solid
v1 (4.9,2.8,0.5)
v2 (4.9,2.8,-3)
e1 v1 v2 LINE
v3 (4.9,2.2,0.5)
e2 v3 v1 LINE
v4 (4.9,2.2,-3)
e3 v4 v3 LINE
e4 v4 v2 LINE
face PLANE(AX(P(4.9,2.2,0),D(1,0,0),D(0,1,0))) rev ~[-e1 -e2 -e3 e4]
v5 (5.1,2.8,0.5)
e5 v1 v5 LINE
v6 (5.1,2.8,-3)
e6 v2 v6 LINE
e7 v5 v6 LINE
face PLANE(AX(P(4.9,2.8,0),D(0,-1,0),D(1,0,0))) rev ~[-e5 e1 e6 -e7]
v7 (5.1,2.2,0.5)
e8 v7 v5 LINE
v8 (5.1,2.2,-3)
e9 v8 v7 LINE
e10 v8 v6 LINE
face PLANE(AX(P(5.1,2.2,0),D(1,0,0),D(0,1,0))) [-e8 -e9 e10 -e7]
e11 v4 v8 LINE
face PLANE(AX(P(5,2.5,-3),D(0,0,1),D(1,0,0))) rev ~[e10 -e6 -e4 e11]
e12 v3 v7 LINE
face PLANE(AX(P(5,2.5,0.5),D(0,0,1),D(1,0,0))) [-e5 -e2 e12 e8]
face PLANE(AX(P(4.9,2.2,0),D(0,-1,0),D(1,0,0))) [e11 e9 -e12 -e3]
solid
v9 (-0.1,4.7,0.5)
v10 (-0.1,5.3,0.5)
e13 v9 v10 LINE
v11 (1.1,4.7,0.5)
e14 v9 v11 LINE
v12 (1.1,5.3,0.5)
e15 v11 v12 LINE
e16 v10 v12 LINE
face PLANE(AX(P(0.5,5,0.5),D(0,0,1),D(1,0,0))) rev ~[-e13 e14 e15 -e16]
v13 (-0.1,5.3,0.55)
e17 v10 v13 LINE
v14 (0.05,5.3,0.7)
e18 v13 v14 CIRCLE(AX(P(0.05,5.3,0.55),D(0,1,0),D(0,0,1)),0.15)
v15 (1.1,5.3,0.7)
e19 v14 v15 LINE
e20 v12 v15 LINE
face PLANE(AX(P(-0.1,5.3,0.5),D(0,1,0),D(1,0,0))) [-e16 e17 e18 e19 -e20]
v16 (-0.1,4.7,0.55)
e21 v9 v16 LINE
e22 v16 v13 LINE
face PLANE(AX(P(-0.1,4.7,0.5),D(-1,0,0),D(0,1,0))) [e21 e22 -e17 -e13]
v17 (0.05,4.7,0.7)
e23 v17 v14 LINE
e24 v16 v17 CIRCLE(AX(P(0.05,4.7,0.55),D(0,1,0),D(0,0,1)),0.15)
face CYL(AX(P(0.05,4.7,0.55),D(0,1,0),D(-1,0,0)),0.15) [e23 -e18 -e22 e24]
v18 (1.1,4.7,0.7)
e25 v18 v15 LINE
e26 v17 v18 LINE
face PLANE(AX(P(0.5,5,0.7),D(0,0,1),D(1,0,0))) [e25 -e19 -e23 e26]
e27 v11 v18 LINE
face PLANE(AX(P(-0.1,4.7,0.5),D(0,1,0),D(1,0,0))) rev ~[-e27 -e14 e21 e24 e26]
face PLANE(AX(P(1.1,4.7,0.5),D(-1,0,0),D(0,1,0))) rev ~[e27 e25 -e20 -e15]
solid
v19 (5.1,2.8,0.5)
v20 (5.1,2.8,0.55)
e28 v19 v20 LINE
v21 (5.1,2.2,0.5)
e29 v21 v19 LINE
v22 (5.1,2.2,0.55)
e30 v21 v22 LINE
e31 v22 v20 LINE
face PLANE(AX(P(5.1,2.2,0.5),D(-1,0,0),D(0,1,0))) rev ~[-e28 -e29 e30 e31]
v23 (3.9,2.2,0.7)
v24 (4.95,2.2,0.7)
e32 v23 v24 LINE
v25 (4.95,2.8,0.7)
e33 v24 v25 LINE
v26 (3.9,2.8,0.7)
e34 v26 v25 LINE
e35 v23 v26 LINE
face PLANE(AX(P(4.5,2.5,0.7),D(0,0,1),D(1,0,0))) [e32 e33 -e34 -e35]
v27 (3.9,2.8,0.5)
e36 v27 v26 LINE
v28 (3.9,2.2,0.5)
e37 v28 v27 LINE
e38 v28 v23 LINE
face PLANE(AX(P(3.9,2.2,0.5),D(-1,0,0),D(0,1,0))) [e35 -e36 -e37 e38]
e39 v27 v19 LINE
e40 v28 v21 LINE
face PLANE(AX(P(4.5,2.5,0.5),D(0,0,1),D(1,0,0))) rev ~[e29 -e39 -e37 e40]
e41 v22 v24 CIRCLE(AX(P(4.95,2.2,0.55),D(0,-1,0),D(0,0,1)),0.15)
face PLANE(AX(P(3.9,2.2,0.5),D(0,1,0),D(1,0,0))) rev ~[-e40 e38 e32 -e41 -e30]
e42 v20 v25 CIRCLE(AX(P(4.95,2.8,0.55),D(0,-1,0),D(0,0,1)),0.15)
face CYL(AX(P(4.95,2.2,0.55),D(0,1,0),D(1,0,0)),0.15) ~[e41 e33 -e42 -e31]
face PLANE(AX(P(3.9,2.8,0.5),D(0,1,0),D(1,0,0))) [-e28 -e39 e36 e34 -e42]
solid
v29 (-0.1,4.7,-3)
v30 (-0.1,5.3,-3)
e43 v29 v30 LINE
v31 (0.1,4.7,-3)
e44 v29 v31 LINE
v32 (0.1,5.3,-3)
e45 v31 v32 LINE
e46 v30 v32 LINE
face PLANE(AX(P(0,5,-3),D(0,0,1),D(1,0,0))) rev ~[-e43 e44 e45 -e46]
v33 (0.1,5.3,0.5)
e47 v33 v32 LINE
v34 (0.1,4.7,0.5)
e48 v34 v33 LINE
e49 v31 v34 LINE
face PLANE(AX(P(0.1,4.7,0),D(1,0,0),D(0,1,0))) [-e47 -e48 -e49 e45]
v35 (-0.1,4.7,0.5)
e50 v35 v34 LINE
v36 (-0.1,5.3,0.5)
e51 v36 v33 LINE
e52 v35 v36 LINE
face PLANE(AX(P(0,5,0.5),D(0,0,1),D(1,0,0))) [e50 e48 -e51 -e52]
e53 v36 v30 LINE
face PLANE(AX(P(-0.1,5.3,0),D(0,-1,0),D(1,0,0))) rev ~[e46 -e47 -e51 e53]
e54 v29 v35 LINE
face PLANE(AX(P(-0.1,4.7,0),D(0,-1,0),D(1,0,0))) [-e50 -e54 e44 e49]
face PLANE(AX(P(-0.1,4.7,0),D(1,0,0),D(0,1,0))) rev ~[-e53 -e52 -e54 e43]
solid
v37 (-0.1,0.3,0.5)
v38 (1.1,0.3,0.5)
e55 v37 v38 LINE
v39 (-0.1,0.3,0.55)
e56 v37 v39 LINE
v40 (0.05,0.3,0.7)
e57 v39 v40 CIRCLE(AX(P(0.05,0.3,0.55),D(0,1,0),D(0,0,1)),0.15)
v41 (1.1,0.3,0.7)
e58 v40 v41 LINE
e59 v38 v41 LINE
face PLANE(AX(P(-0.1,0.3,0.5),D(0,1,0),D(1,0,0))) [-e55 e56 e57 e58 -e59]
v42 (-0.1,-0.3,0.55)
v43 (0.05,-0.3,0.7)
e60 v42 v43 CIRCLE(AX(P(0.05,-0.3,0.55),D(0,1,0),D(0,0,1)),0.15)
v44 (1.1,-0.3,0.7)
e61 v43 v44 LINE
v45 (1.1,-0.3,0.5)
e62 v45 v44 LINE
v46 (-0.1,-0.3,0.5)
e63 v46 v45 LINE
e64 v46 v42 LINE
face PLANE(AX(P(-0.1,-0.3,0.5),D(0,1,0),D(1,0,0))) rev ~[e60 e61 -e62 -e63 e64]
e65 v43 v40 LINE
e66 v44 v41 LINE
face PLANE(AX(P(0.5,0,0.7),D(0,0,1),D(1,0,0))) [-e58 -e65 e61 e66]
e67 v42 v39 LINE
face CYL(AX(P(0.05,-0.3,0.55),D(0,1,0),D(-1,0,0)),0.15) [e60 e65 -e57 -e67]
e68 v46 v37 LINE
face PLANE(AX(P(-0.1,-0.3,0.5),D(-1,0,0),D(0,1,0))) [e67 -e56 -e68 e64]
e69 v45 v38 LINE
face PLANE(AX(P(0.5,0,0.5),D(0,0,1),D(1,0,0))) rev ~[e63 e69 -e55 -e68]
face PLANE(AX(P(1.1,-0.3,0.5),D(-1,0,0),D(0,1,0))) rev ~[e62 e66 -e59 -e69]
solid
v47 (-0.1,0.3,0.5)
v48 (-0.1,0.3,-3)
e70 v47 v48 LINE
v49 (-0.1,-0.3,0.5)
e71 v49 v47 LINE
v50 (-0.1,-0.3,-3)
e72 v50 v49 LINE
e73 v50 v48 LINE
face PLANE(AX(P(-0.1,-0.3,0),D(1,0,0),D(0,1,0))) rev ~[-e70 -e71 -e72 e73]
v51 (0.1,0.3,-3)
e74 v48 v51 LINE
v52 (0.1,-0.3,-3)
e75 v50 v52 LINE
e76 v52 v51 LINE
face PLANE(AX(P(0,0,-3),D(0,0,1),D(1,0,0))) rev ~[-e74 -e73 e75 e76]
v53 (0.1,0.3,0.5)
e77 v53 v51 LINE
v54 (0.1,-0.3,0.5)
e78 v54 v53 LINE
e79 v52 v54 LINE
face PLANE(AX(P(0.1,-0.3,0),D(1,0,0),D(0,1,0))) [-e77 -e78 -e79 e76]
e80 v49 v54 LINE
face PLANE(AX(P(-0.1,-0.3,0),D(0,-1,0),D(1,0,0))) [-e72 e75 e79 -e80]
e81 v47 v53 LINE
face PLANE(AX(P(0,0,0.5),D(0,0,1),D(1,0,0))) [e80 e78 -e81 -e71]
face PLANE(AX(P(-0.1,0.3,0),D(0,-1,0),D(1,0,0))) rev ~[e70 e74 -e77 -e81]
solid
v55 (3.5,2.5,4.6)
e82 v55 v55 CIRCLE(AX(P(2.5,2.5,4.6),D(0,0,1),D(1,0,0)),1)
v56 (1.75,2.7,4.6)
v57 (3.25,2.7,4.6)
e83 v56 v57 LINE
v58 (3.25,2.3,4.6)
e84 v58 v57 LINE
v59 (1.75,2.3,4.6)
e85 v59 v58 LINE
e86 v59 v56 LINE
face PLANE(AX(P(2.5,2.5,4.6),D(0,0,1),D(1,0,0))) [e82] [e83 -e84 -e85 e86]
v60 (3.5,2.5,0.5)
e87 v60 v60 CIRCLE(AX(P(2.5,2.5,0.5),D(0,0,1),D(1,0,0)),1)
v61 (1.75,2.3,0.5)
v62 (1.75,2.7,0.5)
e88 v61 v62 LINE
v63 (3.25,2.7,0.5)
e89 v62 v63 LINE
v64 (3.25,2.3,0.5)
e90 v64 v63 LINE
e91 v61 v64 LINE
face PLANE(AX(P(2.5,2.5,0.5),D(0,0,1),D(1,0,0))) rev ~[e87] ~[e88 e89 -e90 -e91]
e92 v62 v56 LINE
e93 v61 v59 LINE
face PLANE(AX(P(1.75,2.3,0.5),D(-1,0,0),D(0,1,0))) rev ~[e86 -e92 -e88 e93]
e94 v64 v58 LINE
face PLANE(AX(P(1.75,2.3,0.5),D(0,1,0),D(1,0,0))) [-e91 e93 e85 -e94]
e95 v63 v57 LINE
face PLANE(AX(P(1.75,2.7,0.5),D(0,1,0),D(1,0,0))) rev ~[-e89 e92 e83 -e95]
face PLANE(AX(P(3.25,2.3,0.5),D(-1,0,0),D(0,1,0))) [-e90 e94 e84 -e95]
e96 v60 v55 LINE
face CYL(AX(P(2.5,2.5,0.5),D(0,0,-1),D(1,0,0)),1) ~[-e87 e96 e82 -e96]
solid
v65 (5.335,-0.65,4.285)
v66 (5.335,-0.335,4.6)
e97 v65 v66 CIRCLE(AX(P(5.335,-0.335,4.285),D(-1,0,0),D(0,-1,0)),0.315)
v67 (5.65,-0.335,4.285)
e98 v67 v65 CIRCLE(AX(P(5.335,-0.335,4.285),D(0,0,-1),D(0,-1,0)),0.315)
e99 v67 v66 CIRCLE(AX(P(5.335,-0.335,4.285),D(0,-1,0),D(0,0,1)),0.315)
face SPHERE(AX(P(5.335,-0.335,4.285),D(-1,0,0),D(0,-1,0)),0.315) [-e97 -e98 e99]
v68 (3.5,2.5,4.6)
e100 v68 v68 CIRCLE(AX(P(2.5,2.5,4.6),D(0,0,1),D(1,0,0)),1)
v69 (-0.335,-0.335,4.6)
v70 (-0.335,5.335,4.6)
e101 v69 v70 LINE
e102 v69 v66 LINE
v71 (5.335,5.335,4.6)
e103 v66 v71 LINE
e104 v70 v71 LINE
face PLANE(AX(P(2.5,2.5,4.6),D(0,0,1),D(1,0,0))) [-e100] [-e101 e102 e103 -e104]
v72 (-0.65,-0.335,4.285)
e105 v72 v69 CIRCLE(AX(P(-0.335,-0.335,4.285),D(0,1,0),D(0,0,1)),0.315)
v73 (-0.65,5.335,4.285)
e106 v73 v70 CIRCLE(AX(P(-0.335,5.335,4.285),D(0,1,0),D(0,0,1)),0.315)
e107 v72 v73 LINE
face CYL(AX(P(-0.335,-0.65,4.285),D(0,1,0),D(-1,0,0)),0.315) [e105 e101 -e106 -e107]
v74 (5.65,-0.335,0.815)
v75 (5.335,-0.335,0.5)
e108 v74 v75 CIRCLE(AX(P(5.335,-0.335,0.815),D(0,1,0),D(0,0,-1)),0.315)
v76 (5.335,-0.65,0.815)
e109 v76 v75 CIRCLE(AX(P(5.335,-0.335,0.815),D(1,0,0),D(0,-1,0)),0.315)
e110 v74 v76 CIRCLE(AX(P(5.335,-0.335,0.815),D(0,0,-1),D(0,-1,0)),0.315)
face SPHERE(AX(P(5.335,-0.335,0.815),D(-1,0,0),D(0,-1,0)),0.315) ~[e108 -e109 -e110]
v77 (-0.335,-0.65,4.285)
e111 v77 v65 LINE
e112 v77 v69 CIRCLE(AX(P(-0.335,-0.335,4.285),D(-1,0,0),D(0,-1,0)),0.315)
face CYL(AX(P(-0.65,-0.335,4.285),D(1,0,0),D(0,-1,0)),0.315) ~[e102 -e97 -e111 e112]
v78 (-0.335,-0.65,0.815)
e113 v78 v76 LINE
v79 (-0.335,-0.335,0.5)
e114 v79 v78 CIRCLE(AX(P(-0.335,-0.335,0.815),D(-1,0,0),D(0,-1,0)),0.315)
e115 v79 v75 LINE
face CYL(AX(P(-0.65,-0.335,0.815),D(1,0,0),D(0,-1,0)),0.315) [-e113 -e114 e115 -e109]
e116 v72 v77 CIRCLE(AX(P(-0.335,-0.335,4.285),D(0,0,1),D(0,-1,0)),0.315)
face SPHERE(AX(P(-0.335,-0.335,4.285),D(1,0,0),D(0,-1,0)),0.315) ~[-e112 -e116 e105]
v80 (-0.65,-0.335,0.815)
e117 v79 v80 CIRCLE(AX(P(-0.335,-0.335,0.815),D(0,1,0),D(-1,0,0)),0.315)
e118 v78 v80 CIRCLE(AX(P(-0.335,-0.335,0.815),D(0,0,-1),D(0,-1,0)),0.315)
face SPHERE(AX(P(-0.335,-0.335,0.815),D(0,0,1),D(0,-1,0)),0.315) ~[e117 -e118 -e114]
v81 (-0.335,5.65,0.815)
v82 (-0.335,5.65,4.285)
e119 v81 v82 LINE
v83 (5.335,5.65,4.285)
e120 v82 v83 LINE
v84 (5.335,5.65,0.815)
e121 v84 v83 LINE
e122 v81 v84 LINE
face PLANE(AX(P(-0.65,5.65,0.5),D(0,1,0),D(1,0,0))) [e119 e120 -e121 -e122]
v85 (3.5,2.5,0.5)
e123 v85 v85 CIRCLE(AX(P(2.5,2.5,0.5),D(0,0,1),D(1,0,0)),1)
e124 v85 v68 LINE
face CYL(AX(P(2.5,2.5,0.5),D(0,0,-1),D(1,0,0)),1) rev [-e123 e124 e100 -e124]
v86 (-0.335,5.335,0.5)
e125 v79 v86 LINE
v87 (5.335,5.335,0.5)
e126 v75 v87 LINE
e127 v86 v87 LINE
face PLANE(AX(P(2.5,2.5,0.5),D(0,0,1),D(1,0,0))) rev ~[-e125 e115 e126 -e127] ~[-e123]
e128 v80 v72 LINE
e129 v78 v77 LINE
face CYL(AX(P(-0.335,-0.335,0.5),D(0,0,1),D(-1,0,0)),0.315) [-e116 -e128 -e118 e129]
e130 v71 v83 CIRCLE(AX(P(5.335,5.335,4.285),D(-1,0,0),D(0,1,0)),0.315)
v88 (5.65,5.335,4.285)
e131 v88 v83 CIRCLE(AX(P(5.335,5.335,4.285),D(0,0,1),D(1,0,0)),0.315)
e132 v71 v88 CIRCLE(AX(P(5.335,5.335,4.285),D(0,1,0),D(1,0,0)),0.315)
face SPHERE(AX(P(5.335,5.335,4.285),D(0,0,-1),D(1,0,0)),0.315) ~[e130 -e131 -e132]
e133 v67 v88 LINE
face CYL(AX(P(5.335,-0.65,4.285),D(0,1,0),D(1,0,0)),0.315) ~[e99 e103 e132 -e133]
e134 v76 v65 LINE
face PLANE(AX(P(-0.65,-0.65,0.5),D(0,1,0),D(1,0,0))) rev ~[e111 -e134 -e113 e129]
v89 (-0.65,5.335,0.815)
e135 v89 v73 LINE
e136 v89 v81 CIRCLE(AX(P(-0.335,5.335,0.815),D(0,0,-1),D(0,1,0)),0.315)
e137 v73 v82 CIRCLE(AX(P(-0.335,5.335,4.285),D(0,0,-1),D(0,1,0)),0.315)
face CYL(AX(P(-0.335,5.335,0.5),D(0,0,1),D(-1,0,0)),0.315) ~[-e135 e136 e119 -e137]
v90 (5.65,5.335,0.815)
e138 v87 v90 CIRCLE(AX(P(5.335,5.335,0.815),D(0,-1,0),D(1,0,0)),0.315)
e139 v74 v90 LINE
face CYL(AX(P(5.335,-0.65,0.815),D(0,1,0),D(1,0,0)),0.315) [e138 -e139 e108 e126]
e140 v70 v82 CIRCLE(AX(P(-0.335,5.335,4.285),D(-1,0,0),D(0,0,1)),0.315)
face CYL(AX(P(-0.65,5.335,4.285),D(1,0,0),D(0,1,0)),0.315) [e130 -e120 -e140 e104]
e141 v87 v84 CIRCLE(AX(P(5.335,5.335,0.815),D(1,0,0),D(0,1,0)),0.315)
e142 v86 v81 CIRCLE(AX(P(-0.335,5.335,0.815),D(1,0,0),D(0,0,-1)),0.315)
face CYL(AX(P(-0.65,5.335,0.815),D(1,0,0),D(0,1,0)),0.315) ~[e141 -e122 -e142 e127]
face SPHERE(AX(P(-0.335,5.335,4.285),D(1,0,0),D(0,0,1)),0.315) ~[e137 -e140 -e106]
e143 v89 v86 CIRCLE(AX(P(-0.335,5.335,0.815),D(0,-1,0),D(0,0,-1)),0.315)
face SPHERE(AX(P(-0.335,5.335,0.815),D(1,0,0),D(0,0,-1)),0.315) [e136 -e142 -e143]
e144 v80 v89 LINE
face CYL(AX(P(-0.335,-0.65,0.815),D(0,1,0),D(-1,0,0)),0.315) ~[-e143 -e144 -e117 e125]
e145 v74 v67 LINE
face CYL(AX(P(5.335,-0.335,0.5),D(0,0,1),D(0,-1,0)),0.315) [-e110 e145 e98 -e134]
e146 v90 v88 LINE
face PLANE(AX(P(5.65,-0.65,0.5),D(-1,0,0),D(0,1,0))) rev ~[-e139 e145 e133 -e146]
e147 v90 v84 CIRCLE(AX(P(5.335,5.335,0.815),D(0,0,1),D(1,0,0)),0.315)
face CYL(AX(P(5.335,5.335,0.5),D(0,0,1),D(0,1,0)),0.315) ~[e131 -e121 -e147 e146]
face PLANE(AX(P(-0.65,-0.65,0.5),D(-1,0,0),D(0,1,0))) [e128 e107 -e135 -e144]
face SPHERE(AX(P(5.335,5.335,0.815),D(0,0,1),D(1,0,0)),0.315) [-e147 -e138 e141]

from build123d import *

# Parameters (mm, degrees)
SKETCH003_W       = 0.2
SKETCH003_H       = 0.6
PAD002_DEPTH      = 0.5
PAD002_DEPTH_BACK = 3
SKETCH004_R       = 1
SKETCH004_W       = 1.5
SKETCH004_H       = 0.4
PAD003_DEPTH      = 4.1
SKETCH_W          = 6.3
SKETCH_H          = 6.3
SKETCH_R          = 1
PAD_DEPTH         = 4.1
FILLET_R          = 0.315
SKETCH005_W       = 1.2
SKETCH005_H       = 0.6
PAD004_DEPTH      = 0.2
FILLET001_R       = 0.15


with BuildPart() as pad002:
    # Sketch003 → Pad002 (new body, two sides)
    with BuildSketch(Plane(origin=(0, 5, 0), x_dir=(1, 0, 0), z_dir=(0, 0, 1))) as pad002_sk:
        Rectangle(SKETCH003_W, SKETCH003_H)
        with Locations((5, -2.5)):
            Rectangle(SKETCH003_W, SKETCH003_H)
        with Locations((0, -5)):
            Rectangle(SKETCH003_W, SKETCH003_H)
    extrude(amount=PAD002_DEPTH)
    extrude(pad002_sk.sketch, amount=-PAD002_DEPTH_BACK)


with BuildPart() as pad003:
    # Sketch004 → Pad003 (new body)
    with BuildSketch(Plane(origin=(0, 5, 0.5), x_dir=(1, 0, 0), z_dir=(0, 0, 1))):
        with Locations((2.5, -2.5)):
            Circle(SKETCH004_R)
        with Locations((2.5, -2.5)):
            Rectangle(SKETCH004_W, SKETCH004_H, mode=Mode.SUBTRACT)
    extrude(amount=PAD003_DEPTH)


with BuildPart() as fillet_body:
    # Sketch → Pad (new body)
    with BuildSketch(Plane(origin=(0, 5, 0.5), x_dir=(1, 0, 0), z_dir=(0, 0, 1))):
        with Locations((2.5, -2.5)):
            Rectangle(SKETCH_W, SKETCH_H)
        with Locations((2.5, -2.5)):
            Circle(SKETCH_R, mode=Mode.SUBTRACT)
    extrude(amount=PAD_DEPTH)

    # Fillet
    fillet_edges = [fillet_body.edges().sort_by_distance(p)[0] for p in [
        (2.5, -0.65, 4.6),
        (-0.65, -0.65, 2.55),
        (2.5, -0.65, 0.5),
        (5.65, -0.65, 2.55),
        (5.65, 5.65, 2.55),
        (5.65, 2.5, 4.6),
        (5.65, 2.5, 0.5),
        (2.5, 5.65, 4.6),
        (-0.65, 2.5, 4.6),
        (2.5, 5.65, 0.5),
        (-0.65, 2.5, 0.5),
        (-0.65, 5.65, 2.55),
    ]]
    fillet(fillet_edges, radius=FILLET_R)


with BuildPart() as fillet001:
    # Sketch005 → Pad004 (new body)
    with BuildSketch(Plane(origin=(0, 5, 0.5), x_dir=(1, 0, 0), z_dir=(0, 0, 1))):
        with Locations((0.5, 0)):
            Rectangle(SKETCH005_W, SKETCH005_H)
        with Locations((4.5, -2.5)):
            Rectangle(SKETCH005_W, SKETCH005_H)
        with Locations((0.5, -5)):
            Rectangle(SKETCH005_W, SKETCH005_H)
    extrude(amount=PAD004_DEPTH)

    # Fillet001
    fillet001_edges = [fillet001.edges().sort_by_distance(p)[0] for p in [
        (5.1, 2.5, 0.7),
        (-0.1, 5, 0.7),
        (-0.1, 0, 0.7),
    ]]
    fillet(fillet001_edges, radius=FILLET001_R)


solid = Compound([pad002.part, pad003.part, fillet_body.part, fillet001.part])
